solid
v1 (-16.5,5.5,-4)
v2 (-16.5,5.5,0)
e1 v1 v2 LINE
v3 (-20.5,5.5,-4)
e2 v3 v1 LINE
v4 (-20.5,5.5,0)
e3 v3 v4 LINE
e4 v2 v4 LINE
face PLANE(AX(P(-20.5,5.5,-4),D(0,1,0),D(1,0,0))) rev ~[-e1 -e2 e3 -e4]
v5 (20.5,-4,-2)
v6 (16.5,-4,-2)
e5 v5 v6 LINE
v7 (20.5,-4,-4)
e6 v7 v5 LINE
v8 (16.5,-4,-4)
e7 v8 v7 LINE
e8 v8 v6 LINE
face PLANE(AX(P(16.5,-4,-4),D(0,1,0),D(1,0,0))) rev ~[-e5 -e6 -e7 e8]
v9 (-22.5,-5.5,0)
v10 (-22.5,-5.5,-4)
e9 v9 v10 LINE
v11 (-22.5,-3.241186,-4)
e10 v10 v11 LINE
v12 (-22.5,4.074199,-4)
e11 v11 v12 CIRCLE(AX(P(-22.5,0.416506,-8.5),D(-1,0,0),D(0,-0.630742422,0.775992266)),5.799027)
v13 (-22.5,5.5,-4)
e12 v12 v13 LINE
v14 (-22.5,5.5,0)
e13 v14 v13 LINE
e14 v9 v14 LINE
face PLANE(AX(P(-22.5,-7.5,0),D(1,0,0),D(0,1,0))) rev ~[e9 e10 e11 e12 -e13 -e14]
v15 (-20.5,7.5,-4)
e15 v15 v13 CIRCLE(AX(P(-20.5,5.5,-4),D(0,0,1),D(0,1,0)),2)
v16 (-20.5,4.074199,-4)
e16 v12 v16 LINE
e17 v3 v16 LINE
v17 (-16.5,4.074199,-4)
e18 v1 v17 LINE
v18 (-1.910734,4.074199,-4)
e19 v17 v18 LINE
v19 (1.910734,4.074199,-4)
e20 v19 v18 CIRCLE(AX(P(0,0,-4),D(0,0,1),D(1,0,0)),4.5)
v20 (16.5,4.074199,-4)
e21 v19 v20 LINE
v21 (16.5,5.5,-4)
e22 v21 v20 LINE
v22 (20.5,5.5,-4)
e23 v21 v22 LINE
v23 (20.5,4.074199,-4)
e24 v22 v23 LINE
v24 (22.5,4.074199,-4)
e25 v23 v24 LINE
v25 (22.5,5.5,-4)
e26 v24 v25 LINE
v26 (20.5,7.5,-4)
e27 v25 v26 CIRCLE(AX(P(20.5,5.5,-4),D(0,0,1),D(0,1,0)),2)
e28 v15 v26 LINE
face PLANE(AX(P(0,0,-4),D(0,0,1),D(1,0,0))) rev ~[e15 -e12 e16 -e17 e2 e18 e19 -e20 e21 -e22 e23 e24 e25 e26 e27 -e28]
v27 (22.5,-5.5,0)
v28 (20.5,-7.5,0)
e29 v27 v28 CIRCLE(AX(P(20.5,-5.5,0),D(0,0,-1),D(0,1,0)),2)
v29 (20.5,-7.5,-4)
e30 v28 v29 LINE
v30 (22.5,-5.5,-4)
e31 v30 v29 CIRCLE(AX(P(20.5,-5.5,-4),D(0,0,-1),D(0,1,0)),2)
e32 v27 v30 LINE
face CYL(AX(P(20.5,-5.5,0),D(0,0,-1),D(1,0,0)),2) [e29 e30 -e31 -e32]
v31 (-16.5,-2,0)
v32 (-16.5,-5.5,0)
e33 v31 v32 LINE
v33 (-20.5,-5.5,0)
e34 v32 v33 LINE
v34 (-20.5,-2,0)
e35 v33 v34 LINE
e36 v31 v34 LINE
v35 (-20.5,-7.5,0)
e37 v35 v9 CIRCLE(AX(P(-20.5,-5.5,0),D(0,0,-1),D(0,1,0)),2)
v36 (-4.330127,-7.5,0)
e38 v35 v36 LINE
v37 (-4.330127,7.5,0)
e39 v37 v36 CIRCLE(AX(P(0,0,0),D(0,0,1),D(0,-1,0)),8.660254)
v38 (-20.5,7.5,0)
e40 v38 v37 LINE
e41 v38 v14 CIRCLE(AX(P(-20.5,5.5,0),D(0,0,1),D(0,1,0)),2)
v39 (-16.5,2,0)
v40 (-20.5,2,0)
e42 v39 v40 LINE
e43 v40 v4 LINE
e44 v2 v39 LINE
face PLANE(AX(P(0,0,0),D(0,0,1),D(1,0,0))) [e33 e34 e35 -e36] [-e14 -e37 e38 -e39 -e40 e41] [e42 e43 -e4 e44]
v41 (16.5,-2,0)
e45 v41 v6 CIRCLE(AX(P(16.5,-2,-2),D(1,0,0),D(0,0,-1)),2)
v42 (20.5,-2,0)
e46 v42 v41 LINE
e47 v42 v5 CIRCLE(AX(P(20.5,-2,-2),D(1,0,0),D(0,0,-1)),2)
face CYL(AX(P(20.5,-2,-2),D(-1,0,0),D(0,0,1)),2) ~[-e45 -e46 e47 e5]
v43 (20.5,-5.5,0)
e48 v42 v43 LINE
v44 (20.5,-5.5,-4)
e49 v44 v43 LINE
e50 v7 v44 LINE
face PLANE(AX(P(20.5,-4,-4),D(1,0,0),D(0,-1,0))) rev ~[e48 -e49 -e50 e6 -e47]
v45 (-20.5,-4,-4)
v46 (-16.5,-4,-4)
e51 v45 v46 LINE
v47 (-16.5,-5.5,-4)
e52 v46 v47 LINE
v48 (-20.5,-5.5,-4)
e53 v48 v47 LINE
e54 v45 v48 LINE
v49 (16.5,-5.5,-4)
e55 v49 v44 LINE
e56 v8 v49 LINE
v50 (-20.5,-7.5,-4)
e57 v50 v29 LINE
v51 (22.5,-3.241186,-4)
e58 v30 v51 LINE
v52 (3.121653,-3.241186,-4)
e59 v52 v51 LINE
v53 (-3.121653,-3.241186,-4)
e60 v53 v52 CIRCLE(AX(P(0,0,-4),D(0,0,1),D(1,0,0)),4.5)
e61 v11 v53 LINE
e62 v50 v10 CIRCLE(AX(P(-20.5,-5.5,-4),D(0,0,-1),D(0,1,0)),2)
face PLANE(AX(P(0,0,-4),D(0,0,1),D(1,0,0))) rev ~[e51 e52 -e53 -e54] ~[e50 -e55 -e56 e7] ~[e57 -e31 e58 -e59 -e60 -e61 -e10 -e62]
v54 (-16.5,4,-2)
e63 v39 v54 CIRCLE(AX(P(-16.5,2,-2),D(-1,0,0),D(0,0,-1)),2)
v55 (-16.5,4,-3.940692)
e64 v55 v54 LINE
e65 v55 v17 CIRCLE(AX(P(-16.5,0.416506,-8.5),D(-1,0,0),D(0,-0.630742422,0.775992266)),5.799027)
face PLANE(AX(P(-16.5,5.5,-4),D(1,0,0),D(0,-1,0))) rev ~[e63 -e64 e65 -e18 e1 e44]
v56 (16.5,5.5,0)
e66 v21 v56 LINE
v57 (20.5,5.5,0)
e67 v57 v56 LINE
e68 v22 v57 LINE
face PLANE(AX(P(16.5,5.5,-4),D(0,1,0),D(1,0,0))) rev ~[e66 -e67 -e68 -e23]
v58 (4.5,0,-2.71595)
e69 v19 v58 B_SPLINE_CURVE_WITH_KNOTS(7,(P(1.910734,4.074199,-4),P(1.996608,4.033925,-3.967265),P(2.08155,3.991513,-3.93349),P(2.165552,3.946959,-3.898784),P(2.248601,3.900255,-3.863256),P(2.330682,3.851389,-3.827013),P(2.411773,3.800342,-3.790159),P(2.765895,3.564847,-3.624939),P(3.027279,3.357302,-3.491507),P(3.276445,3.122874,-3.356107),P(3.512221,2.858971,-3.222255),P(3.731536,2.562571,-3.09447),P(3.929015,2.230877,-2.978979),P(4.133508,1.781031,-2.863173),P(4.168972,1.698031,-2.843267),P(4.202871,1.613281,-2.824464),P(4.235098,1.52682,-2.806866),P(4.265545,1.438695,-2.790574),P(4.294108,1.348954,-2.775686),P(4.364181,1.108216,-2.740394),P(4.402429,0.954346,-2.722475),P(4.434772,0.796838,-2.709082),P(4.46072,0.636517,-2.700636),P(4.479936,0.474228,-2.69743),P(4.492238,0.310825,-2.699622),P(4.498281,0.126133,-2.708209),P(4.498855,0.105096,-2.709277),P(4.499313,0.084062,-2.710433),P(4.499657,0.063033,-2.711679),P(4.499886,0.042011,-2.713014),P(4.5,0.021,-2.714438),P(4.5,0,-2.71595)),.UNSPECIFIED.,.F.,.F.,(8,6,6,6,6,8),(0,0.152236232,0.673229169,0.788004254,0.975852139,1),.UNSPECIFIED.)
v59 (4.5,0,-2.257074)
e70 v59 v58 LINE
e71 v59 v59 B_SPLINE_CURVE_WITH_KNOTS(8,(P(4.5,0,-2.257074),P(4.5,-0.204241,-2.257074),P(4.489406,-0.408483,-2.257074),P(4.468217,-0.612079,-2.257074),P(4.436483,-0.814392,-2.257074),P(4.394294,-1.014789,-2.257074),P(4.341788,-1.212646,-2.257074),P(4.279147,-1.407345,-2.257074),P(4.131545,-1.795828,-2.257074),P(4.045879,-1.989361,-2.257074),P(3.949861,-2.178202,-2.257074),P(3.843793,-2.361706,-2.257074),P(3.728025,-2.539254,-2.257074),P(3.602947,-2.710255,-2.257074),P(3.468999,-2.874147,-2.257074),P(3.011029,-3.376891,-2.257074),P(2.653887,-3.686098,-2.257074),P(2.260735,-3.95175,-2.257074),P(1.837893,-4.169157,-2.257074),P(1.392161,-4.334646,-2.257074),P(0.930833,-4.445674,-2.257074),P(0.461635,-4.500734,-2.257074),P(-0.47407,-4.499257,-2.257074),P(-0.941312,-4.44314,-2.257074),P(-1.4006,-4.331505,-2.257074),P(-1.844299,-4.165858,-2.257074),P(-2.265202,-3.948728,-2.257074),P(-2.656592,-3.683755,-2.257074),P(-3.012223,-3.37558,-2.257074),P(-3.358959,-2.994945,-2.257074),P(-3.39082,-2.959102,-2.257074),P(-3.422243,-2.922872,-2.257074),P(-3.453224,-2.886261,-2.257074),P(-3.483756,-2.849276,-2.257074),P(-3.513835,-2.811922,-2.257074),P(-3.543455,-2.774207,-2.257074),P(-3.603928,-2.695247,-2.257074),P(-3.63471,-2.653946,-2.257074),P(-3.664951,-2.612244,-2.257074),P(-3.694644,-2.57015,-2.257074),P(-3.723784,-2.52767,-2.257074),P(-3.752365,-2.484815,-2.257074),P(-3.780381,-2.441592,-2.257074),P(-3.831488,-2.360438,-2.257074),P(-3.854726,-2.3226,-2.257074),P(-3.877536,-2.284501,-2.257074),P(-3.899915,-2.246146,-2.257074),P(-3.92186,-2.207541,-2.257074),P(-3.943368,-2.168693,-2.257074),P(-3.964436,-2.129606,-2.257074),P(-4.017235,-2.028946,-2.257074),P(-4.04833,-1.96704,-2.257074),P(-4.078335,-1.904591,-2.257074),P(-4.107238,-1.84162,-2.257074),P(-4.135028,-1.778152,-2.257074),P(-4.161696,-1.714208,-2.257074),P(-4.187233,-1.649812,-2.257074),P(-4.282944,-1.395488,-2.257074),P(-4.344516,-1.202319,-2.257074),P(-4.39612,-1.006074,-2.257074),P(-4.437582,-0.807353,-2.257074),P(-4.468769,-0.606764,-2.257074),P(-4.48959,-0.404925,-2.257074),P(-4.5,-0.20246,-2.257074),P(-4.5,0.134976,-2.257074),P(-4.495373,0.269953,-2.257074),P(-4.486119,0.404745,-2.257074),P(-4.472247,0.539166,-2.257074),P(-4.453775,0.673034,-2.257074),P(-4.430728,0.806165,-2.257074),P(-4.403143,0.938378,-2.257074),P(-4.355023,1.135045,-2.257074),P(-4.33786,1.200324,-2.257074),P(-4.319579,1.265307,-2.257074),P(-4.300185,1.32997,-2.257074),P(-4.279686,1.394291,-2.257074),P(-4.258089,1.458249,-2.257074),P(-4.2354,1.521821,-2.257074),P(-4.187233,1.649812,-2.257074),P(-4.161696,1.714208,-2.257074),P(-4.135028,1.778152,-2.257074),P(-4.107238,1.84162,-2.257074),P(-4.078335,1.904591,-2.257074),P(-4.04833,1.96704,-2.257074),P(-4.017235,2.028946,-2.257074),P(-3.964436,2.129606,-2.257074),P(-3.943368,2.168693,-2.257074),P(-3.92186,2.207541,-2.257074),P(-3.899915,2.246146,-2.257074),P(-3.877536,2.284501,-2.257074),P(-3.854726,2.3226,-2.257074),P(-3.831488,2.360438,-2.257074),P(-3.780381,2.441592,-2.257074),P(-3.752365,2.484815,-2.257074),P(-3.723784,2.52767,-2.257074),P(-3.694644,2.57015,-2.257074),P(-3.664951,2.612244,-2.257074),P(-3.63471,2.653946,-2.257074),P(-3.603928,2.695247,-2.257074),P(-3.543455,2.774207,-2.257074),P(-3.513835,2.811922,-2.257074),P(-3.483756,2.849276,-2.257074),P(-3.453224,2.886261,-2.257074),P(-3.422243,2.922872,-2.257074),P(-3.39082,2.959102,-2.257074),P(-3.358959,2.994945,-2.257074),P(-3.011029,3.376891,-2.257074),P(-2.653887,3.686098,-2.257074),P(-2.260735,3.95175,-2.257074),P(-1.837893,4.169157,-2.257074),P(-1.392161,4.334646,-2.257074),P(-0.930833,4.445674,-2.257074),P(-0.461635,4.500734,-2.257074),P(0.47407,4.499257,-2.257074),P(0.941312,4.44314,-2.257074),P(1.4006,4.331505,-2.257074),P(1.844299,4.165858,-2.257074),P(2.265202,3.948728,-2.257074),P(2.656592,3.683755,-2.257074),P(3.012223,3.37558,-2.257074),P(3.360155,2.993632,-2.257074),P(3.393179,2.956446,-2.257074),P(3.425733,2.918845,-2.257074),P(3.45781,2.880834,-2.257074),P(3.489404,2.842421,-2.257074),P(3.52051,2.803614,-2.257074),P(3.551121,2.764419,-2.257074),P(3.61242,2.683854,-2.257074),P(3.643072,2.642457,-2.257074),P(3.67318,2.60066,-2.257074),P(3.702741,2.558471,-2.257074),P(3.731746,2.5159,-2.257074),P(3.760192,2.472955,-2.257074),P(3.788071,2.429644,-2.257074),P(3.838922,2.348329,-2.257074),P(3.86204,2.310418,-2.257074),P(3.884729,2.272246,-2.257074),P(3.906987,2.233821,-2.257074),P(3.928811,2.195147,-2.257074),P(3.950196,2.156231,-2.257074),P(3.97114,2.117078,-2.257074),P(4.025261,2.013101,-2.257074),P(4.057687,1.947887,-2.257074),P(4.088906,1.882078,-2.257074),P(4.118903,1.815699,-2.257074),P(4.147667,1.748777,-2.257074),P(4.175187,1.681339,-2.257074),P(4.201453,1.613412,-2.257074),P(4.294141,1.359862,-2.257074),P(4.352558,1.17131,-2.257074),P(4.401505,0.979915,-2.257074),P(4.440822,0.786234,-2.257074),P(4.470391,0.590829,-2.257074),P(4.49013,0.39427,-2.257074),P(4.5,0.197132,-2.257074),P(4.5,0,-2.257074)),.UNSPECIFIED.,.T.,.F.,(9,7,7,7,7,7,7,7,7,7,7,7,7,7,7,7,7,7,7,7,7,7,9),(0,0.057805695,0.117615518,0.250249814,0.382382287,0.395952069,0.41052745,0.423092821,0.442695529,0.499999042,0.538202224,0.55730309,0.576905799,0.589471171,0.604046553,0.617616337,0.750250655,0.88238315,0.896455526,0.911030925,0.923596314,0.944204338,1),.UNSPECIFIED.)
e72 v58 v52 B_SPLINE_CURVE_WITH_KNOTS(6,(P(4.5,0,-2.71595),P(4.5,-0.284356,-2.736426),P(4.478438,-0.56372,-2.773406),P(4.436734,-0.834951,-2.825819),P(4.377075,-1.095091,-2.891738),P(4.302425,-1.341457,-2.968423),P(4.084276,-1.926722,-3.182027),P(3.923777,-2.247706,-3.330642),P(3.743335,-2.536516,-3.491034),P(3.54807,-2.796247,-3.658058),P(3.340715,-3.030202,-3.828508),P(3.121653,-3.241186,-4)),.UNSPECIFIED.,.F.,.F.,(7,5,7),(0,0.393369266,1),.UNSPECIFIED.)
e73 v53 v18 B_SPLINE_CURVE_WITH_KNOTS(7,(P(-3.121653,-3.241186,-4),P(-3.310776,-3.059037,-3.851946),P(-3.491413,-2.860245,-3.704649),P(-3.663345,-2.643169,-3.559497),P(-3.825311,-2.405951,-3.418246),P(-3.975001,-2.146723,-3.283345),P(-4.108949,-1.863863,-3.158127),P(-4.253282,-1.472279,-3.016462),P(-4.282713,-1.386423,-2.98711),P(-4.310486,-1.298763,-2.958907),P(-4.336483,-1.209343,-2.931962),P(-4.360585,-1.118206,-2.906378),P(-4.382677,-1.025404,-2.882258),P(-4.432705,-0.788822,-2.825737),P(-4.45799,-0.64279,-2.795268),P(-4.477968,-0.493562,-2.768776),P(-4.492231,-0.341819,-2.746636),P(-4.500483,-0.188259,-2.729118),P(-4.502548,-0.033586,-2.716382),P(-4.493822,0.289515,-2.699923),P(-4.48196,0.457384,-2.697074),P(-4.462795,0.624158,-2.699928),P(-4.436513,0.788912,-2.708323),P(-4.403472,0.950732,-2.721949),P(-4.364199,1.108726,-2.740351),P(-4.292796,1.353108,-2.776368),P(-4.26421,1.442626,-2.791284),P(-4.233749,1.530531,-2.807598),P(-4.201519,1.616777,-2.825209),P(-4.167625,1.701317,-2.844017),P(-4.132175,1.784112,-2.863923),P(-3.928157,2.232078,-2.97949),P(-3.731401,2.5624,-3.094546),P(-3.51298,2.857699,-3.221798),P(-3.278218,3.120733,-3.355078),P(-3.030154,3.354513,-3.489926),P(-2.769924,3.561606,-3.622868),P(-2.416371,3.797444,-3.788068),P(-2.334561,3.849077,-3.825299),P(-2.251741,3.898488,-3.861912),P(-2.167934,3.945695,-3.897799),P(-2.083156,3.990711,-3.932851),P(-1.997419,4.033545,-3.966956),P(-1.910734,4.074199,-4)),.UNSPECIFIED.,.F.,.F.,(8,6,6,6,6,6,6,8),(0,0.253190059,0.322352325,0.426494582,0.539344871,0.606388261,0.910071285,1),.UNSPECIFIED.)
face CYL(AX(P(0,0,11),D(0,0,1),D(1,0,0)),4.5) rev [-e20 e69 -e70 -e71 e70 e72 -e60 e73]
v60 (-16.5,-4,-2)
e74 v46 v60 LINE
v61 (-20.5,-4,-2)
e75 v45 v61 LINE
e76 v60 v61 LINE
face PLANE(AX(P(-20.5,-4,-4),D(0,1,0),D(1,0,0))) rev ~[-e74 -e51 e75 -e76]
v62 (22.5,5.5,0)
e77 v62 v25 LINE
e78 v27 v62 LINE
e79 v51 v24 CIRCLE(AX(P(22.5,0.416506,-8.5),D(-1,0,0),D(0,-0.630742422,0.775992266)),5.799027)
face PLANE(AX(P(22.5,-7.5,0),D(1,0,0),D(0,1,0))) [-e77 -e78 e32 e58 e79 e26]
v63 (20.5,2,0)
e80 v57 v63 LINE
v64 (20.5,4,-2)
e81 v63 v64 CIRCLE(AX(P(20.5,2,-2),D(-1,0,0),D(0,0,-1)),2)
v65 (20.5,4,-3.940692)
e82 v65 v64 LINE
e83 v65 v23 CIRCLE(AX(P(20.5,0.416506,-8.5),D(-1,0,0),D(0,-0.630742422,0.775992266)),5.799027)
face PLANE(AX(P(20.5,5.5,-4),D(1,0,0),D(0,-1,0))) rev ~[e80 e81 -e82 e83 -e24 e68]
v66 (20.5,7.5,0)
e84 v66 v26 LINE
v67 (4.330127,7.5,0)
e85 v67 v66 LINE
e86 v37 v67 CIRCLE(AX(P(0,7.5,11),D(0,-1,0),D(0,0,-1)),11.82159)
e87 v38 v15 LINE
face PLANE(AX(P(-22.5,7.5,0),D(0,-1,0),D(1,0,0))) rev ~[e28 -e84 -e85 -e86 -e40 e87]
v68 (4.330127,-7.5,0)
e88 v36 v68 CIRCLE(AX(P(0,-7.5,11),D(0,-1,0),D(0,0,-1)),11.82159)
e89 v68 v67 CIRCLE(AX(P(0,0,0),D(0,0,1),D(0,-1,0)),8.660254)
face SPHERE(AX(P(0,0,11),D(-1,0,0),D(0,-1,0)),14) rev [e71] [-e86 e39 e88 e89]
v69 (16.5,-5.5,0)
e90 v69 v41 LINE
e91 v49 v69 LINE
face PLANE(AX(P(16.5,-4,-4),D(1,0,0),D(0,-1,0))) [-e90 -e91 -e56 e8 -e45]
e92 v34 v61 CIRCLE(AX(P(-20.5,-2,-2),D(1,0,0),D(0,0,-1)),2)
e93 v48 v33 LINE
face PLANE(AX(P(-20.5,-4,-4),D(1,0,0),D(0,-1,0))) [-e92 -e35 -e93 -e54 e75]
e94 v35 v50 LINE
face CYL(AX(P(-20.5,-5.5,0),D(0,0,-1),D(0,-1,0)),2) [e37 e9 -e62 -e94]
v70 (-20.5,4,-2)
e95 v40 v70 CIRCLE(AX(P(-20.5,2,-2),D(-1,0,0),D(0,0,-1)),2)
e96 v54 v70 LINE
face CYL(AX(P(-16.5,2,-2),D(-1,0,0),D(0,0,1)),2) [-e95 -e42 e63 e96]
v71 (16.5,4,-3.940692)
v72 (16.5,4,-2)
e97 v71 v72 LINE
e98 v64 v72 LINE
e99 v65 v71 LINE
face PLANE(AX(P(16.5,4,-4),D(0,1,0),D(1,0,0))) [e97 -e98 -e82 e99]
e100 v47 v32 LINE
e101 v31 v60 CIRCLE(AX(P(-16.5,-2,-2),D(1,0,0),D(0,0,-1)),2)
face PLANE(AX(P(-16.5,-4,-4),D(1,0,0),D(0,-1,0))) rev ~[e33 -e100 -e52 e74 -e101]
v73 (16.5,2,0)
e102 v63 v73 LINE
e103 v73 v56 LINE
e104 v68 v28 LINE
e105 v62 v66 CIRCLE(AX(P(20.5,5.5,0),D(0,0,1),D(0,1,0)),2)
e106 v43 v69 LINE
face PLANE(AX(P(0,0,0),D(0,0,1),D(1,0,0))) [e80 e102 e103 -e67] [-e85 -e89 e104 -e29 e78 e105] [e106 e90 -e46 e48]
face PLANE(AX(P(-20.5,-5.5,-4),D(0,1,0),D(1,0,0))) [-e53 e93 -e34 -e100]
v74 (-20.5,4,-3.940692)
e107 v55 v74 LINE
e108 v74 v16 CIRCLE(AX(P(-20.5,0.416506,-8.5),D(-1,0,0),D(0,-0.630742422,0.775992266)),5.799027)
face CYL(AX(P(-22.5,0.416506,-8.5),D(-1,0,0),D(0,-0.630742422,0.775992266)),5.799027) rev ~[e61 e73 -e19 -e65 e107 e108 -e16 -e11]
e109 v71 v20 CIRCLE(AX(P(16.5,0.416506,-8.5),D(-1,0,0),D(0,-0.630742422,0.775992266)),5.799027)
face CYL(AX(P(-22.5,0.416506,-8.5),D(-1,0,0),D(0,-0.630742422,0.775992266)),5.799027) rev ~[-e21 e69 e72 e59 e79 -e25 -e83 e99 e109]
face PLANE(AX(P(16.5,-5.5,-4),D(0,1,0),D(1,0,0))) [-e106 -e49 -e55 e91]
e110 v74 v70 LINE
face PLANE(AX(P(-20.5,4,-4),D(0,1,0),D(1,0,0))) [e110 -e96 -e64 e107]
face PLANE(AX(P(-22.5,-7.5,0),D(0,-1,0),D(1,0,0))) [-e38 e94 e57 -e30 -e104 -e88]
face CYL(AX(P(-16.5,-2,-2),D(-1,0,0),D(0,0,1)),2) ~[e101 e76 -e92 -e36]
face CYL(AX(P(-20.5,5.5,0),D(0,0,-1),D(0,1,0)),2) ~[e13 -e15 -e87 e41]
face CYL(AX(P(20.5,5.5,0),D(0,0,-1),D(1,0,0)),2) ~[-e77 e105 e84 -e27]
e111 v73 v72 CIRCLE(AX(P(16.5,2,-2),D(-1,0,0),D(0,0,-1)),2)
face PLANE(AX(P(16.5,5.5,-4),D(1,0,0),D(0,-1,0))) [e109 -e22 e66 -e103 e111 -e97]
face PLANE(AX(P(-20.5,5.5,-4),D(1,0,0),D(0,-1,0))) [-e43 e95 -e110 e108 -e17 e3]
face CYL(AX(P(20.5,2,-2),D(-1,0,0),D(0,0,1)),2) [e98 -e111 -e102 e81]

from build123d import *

# Parameters (mm, degrees)
F1_W      = 45
F1_H      = 15
F2_DEPTH  = 4
F6_R      = 4.5
F7_DEPTH  = 16
F8_W      = 4
F8_H      = 1.5
F9_DEPTH  = 25
F10_R     = 2
F11_R     = 2
F13_DEPTH = 50


with BuildPart() as f2:
    # F1 (on Top) → F2 (new body)
    with BuildSketch(Plane.XY):
        Rectangle(F1_W, F1_H)
    extrude(amount=-F2_DEPTH)

    # F4 (on offset) → F5 (revolve, cut)
    with BuildSketch(Plane(origin=(0, 0, 11), x_dir=(1, 0, 0), z_dir=(0, 0, -1))):
        with BuildLine():
            Line((-14, 0), (14, 0))
            ThreePointArc((14, 0), (0, 14), (-14, 0))
        make_face()
    revolve(axis=Axis((0, 0, 11), (1, 0, 0)), mode=Mode.SUBTRACT)

    # F6 (on offset) → F7 (cut)
    with BuildSketch(Plane(origin=(0, 0, 11), x_dir=(1, 0, 0), z_dir=(0, 0, -1))):
        Circle(F6_R)
    extrude(amount=F7_DEPTH, mode=Mode.SUBTRACT)

    # F8 (on face) → F9 (cut)
    with BuildSketch(Plane(origin=(0, 0, -4), x_dir=(1, 0, 0), z_dir=(0, 0, -1))):
        with Locations((-18.5, 4.75)):
            Rectangle(F8_W, F8_H)
        with Locations((18.5, 4.75)):
            Rectangle(F8_W, F8_H)
        with Locations((-18.5, -4.75)):
            Rectangle(F8_W, F8_H)
        with Locations((18.5, -4.75)):
            Rectangle(F8_W, F8_H)
    extrude(amount=-F9_DEPTH, mode=Mode.SUBTRACT)

    # F10
    f10_edges = [f2.edges().sort_by_distance(p)[0] for p in [
        (-18.5, -4, 0),
        (18.5, -4, 0),
        (18.5, 4, 0),
        (-18.5, 4, 0),
    ]]
    fillet(f10_edges, radius=F10_R)

    # F11
    f11_edges = [f2.edges().sort_by_distance(p)[0] for p in [
        (-22.5, -7.5, -2),
        (22.5, -7.5, -2),
        (22.5, 7.5, -2),
        (-22.5, 7.5, -2),
    ]]
    fillet(f11_edges, radius=F11_R)

    # F12 (on face) → F13 (cut)
    with BuildSketch(Plane(origin=(-22.5, 0, 0), x_dir=(0, -1, 0), z_dir=(-1, 0, 0))):
        with BuildLine():
            ThreePointArc((3.2411857887, -4), (-0.4165064602, -2.7009731345), (-4.074198709, -4))
            Line((-4.074198709, -4), (3.2411857887, -4))
        make_face()
    extrude(amount=-F13_DEPTH, mode=Mode.SUBTRACT)


solid = f2.part
